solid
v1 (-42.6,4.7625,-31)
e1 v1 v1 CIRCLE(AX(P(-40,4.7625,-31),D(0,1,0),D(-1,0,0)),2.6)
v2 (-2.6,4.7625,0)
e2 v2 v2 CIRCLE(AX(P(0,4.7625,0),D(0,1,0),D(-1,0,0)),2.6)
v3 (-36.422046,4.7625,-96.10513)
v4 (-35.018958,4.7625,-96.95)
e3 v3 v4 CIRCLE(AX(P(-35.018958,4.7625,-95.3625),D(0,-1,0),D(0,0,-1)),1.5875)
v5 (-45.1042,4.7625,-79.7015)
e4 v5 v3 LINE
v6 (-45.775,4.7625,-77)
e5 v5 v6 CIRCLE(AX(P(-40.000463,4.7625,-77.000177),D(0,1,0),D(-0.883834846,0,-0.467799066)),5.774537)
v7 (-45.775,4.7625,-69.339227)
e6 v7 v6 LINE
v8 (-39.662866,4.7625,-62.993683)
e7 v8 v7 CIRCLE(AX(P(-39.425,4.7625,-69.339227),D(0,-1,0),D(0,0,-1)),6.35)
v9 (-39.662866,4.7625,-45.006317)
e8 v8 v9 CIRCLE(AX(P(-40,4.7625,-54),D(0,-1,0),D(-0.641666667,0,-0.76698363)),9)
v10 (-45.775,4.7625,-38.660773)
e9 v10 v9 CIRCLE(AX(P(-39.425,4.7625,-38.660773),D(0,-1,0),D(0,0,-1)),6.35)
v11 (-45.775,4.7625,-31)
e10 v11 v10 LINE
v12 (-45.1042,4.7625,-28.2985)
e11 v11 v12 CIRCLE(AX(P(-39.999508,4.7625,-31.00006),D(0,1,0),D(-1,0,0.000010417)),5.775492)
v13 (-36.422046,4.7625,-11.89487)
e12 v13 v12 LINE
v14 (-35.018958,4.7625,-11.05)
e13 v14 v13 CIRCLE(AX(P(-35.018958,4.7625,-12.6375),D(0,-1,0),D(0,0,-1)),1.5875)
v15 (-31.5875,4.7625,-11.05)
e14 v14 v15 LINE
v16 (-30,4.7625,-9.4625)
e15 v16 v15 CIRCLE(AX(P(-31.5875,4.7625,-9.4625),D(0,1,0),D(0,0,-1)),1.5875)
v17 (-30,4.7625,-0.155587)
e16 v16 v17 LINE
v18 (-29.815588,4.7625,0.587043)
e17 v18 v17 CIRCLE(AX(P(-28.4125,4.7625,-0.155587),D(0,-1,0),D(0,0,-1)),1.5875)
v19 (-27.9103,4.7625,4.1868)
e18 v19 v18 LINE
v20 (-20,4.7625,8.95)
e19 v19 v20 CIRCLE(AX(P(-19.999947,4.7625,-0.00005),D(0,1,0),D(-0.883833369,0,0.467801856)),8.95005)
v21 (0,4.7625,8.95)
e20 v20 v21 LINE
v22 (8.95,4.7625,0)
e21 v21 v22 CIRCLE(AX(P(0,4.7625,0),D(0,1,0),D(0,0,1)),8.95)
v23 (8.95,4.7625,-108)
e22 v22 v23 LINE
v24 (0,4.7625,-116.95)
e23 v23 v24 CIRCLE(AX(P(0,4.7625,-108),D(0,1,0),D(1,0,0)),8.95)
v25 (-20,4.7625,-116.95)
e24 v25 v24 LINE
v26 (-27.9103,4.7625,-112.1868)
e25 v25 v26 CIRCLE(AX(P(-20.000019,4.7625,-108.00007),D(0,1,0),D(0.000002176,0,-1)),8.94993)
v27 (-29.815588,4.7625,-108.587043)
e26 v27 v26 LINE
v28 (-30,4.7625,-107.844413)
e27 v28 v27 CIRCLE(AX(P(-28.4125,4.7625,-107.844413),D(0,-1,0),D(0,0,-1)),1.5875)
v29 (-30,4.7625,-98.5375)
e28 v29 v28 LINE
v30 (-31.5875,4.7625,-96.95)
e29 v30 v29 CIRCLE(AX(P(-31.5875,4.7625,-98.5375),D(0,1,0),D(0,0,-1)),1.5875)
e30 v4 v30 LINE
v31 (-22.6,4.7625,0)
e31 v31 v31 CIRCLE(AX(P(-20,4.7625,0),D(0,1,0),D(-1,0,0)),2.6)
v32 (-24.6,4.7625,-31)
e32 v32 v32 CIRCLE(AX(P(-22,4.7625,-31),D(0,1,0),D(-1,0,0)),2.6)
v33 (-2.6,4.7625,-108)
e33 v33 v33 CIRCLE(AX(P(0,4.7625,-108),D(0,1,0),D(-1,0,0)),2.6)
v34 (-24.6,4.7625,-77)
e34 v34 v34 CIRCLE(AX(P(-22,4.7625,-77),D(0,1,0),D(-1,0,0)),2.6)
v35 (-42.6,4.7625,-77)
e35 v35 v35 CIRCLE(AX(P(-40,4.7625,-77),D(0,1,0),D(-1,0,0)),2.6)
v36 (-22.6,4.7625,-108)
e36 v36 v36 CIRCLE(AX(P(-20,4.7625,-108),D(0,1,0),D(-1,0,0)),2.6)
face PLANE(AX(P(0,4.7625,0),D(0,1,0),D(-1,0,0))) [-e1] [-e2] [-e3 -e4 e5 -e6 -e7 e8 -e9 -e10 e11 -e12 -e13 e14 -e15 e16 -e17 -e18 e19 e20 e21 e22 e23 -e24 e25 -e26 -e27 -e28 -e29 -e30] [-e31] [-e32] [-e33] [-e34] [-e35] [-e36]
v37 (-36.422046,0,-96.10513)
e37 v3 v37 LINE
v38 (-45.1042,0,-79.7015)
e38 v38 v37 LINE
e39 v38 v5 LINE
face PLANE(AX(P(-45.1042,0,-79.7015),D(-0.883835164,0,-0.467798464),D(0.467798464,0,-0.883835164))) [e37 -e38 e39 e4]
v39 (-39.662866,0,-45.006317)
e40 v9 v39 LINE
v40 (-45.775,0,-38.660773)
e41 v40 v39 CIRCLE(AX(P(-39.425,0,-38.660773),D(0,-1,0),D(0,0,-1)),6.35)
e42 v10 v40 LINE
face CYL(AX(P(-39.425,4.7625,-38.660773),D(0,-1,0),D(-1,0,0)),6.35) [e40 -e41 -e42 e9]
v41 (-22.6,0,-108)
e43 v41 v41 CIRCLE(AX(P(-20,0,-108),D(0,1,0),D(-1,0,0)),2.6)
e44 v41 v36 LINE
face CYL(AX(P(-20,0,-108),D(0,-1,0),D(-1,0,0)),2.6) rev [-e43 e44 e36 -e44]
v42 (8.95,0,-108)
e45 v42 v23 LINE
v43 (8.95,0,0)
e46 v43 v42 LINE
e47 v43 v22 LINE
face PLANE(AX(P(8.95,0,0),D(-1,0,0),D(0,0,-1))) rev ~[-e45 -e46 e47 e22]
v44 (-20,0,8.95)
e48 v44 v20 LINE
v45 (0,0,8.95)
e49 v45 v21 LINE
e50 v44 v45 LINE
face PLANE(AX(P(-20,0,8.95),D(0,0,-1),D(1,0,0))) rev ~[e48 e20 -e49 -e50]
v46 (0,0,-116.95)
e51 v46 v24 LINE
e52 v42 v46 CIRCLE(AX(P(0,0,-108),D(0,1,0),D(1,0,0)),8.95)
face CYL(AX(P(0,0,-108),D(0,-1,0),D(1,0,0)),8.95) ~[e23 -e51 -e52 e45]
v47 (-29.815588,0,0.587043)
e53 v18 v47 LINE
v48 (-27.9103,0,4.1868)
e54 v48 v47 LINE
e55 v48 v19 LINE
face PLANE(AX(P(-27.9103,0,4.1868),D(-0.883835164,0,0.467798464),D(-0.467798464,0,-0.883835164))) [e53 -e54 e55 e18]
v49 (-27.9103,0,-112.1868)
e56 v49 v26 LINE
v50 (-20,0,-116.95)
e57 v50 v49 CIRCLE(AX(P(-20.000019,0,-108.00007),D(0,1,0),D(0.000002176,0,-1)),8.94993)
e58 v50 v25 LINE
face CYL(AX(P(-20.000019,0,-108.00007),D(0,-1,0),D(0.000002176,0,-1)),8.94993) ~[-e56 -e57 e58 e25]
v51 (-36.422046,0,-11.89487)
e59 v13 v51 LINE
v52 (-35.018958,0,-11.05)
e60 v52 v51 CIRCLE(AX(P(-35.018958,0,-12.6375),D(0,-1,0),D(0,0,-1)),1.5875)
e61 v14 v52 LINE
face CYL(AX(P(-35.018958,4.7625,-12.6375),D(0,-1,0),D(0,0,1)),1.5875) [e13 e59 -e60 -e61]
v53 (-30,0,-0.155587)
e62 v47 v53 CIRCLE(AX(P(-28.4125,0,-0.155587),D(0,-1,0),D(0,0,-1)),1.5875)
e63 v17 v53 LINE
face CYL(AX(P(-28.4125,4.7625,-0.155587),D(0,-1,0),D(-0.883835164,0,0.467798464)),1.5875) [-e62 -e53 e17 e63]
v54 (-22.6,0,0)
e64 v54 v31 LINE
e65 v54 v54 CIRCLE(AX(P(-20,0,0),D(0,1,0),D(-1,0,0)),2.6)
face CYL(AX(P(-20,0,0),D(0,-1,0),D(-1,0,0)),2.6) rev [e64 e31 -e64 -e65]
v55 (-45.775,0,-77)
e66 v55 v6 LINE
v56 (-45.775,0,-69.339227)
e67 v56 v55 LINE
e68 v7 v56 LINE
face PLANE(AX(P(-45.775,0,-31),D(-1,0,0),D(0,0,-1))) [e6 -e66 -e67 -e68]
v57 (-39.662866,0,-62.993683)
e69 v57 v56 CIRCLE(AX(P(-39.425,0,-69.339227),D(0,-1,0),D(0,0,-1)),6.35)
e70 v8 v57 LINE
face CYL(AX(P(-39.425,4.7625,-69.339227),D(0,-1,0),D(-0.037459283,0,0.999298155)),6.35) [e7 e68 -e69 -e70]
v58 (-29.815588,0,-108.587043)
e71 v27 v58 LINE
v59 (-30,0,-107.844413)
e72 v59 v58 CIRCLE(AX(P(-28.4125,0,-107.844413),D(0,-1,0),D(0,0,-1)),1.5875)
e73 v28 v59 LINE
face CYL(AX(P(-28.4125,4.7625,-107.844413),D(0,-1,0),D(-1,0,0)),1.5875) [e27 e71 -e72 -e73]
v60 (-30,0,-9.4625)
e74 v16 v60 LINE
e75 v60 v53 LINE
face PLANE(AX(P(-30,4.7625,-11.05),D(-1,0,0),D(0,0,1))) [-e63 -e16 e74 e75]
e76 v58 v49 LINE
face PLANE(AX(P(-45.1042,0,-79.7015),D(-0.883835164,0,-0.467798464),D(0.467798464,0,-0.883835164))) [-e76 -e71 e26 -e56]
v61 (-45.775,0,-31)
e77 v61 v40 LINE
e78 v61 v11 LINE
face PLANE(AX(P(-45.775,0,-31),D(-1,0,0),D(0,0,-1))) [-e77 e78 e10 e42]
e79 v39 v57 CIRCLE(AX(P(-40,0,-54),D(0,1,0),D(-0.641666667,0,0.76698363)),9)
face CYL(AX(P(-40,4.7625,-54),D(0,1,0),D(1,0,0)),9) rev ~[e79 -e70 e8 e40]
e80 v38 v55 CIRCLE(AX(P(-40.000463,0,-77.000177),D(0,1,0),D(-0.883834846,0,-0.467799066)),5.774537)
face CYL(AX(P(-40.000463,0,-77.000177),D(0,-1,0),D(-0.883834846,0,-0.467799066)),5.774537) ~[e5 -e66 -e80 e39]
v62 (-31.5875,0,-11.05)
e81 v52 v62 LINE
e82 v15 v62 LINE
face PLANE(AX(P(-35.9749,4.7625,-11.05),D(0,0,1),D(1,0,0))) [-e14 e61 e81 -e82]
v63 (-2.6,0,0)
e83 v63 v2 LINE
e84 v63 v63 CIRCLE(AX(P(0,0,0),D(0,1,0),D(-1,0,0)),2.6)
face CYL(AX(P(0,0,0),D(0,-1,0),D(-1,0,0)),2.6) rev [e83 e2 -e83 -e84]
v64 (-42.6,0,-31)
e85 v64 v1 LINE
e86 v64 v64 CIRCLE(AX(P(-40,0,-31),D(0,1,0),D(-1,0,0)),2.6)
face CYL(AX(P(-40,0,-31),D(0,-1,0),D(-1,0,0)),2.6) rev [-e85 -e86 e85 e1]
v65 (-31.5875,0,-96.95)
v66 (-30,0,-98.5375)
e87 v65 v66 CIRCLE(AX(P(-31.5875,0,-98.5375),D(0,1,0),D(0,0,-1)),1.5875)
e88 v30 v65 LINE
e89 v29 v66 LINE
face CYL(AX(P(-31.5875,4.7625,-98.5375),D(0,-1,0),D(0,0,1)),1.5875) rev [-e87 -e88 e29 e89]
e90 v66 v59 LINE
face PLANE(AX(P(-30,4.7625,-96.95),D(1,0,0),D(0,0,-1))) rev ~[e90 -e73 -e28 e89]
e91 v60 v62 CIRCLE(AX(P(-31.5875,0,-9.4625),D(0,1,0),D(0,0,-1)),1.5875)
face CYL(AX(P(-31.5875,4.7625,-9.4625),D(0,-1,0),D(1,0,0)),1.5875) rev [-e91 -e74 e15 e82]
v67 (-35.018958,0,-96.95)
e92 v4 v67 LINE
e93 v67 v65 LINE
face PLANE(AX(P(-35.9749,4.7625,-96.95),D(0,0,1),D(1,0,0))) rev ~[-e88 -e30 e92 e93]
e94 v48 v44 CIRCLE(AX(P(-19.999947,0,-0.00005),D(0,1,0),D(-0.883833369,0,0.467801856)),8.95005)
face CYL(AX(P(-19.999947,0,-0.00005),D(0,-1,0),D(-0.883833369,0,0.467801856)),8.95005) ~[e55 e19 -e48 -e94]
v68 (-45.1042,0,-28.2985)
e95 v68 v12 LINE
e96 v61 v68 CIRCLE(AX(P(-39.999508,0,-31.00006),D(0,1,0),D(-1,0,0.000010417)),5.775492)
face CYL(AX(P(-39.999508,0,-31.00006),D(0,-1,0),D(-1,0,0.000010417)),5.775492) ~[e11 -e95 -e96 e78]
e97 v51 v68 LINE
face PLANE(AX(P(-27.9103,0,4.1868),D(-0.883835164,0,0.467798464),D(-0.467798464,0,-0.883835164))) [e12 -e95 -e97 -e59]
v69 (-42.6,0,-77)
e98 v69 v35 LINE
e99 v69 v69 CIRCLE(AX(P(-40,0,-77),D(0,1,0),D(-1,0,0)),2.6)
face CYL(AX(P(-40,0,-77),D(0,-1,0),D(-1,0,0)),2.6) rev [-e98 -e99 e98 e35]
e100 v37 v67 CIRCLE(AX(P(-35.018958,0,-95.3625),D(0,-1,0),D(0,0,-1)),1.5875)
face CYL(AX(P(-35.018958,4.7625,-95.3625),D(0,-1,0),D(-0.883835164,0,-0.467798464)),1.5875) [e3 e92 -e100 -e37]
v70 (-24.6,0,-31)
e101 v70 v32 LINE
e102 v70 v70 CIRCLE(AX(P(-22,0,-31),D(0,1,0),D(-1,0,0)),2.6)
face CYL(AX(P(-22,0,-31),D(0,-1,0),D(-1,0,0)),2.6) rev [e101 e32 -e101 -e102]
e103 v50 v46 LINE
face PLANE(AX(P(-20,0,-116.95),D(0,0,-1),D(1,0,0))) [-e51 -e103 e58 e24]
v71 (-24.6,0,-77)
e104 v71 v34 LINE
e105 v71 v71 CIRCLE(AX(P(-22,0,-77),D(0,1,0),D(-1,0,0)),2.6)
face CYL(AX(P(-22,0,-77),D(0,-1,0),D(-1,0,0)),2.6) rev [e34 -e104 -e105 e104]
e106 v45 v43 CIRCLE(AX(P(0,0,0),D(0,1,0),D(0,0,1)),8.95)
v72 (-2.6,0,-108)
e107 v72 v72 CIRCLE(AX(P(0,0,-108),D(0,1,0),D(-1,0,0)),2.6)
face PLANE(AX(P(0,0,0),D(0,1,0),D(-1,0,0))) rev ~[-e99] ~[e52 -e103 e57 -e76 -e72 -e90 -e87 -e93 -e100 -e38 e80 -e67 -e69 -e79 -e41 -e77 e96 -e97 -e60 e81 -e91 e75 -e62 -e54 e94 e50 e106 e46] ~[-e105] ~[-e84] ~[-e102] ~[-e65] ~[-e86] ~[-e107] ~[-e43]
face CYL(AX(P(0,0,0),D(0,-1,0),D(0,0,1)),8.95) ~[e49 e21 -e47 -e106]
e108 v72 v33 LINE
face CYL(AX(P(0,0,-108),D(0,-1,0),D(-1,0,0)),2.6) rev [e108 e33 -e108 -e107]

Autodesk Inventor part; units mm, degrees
ref_plane "YZ Plane" through (0, 0, 0) normal (1, 0, 0) x (0, 1, 0)
ref_plane "XZ Plane" through (0, 0, 0) normal (0, 1, 0) x (-1, 0, 0)
ref_plane "XY Plane" through (0, 0, 0) normal (0, 0, 1) x (1, 0, 0)
sketch "Sketch1" plane through (0, 0, 0) normal (0, 1, 0) x (-1, 0, 0)
  circle A0 centre (0, 0) radius 2.6
  line L0 (0, 0) -> (2.6, 0) construction
  circle A1 centre (20, 0) radius 2.6
  circle A2 centre (22, -31) radius 2.6
  line L1 (22, -31) -> (24.6, -31) construction
  line L2 (22, -31) -> (22, -33.6) construction
  circle A3 centre (40, -31) radius 2.6
  circle A4 centre (22, -77) radius 2.6
  circle A5 centre (40, -77) radius 2.6
  circle A6 centre (20, -108) radius 2.6
  circle A7 centre (0, -108) radius 2.6
  circle A8 centre (20, 0) radius 8.95 construction
  circle A9 centre (0, 0) radius 8.95 construction
  circle A10 centre (20, -108) radius 8.95 construction
  circle A11 centre (0, -108) radius 8.95 construction
  circle A12 centre (40, -31) radius 5.775 construction
  circle A13 centre (40, -77) radius 5.775 construction
  line L3 (27.9103, 4.1868) -> (45.1042, -28.2985)
  line L4 (45.1042, -79.7015) -> (27.9103, -112.1868)
  line L5 (-8.95, 0) -> (-8.95, -108)
  line L6 (20, 8.95) -> (0, 8.95)
  line L7 (20, -116.95) -> (0, -116.95)
  line L8 (45.775, -31) -> (45.775, -77)
  arc A14 (45.1042, -79.7015) -> (45.775, -77) centre (40, -77) ccw
  arc A15 (45.775, -31) -> (45.1042, -28.2985) centre (40, -31) ccw
  arc A16 (27.9103, 4.1868) -> (20, 8.95) centre (20, 0) ccw
  arc A17 (0, 8.95) -> (-8.95, 0) centre (0, 0) ccw
  arc A18 (-8.95, -108) -> (0, -116.95) centre (0, -108) ccw
  arc A19 (20, -116.95) -> (27.9103, -112.1868) centre (20, -108) ccw
  point P0 (42.6, -31)
  point P1 (40, -33.6)
  point P2 (24.6, -77)
  point P3 (22, -79.6)
  point P4 (42.6, -77)
  point P5 (40, -79.6)
  dimension "d0" = 5.2
  dimension "d1" = 20
  dimension "d2" = 31
  dimension "d3" = 22
  dimension "d6" = 18
  dimension "d9" = 46
  dimension "d12" = 31
  dimension "d13" = 6.35
  dimension "d14" = 3.175
extrude "Extrusion1" add sketch "Sketch1" along normal blind 4.7625
sketch "Sketch2" plane through (0, 4.7625, 0) normal (0, 1, 0) x (1, 0, 0)
  arc A0 (0, -8.95) -> (8.95, 0) centre (0, 0) ccw projected
  line L0 (8.95, 0) -> (8.95, 108) projected
  arc A1 (8.95, 108) -> (0, 116.95) centre (0, 108) ccw projected
  line L1 (0, 116.95) -> (-20, 116.95) projected
  arc A2 (-20, 116.95) -> (-27.9103, 112.1868) centre (-20, 108) ccw projected
  line L2 (-27.9103, 112.1868) -> (-45.1042, 79.7015) projected
  arc A3 (-45.1042, 79.7015) -> (-45.775, 77) centre (-40, 77) ccw projected
  line L3 (-45.775, 77) -> (-45.775, 31) projected
  arc A4 (-45.775, 31) -> (-45.1042, 28.2985) centre (-40, 31) ccw projected
  line L4 (-45.1042, 28.2985) -> (-27.9103, -4.1868) projected
  arc A5 (-27.9103, -4.1868) -> (-20, -8.95) centre (-20, 0) ccw projected
  line L5 (-20, -8.95) -> (0, -8.95) projected
  circle A6 centre (-20, 0) radius 2.6 projected
  circle A7 centre (-22, 31) radius 2.6 projected
  circle A8 centre (-40, 31) radius 2.6 projected
  circle A9 centre (-22, 77) radius 2.6 projected
  circle A10 centre (-40, 77) radius 2.6 projected
  circle A11 centre (-20, 108) radius 2.6 projected
  circle A12 centre (0, 108) radius 2.6 projected
  circle A13 centre (0, 0) radius 2.6 projected
  circle A14 centre (-40, 54) radius 9
  point P0 (-45.775, 60.9029)
  point P1 (-45.775, 47.0971)
  dimension "d17" = 18
  dimension "d18" = 46
  dimension "d19" = 23
extrude "Extrusion2" cut sketch "Sketch2" against normal through all contours L3 A14 picked at (-38.3999, 55.6279)
fillet "Fillet1" radius 6.35 2 edges at (-45.775, 2.3813, -47.0971) (-45.775, 2.3813, -60.9029)
sketch "Sketch3" plane through (0, 4.7625, 0) normal (0, 1, 0) x (1, 0, 0)
  line L0 (-45.1042, 28.2985) -> (-27.9103, -4.1868) projected
  line L1 (-35.9749, 11.05) -> (-30, 11.05)
  line L2 (-30, 11.05) -> (-30, -0.2387)
  line L3 (-20, -8.95) -> (0, -8.95) projected
  line L4 (-27.9103, 112.1868) -> (-45.1042, 79.7015) projected
  line L5 (-35.9749, 96.95) -> (-30, 96.95)
  line L6 (-30, 96.95) -> (-30, 108.2387)
  circle A0 centre (-20, 0) radius 2.6 projected
  point P0 (0, 0)
  dimension "d23" = 20
  dimension "d24" = 10
extrude "Extrusion3" cut sketch "Sketch3" against normal through all contours L1 L2 L0 | L6 L5 L4
fillet "Fillet2" radius 1.5875 6 edges at (-30, 2.3813, -11.05) (-30, 2.3813, 0.2387) (-35.9749, 2.3813, -11.05) (-35.9749, 2.3813, -96.95) (-30, 2.3813, -96.95) (-30, 2.3813, -108.2387)
equation "\"d12\" = d2"
equation "\"d19\" = 0.5 * d18"
properties part number "CNC-001-StructureGusset2" material "Steel AISI 1008 91 HR"
